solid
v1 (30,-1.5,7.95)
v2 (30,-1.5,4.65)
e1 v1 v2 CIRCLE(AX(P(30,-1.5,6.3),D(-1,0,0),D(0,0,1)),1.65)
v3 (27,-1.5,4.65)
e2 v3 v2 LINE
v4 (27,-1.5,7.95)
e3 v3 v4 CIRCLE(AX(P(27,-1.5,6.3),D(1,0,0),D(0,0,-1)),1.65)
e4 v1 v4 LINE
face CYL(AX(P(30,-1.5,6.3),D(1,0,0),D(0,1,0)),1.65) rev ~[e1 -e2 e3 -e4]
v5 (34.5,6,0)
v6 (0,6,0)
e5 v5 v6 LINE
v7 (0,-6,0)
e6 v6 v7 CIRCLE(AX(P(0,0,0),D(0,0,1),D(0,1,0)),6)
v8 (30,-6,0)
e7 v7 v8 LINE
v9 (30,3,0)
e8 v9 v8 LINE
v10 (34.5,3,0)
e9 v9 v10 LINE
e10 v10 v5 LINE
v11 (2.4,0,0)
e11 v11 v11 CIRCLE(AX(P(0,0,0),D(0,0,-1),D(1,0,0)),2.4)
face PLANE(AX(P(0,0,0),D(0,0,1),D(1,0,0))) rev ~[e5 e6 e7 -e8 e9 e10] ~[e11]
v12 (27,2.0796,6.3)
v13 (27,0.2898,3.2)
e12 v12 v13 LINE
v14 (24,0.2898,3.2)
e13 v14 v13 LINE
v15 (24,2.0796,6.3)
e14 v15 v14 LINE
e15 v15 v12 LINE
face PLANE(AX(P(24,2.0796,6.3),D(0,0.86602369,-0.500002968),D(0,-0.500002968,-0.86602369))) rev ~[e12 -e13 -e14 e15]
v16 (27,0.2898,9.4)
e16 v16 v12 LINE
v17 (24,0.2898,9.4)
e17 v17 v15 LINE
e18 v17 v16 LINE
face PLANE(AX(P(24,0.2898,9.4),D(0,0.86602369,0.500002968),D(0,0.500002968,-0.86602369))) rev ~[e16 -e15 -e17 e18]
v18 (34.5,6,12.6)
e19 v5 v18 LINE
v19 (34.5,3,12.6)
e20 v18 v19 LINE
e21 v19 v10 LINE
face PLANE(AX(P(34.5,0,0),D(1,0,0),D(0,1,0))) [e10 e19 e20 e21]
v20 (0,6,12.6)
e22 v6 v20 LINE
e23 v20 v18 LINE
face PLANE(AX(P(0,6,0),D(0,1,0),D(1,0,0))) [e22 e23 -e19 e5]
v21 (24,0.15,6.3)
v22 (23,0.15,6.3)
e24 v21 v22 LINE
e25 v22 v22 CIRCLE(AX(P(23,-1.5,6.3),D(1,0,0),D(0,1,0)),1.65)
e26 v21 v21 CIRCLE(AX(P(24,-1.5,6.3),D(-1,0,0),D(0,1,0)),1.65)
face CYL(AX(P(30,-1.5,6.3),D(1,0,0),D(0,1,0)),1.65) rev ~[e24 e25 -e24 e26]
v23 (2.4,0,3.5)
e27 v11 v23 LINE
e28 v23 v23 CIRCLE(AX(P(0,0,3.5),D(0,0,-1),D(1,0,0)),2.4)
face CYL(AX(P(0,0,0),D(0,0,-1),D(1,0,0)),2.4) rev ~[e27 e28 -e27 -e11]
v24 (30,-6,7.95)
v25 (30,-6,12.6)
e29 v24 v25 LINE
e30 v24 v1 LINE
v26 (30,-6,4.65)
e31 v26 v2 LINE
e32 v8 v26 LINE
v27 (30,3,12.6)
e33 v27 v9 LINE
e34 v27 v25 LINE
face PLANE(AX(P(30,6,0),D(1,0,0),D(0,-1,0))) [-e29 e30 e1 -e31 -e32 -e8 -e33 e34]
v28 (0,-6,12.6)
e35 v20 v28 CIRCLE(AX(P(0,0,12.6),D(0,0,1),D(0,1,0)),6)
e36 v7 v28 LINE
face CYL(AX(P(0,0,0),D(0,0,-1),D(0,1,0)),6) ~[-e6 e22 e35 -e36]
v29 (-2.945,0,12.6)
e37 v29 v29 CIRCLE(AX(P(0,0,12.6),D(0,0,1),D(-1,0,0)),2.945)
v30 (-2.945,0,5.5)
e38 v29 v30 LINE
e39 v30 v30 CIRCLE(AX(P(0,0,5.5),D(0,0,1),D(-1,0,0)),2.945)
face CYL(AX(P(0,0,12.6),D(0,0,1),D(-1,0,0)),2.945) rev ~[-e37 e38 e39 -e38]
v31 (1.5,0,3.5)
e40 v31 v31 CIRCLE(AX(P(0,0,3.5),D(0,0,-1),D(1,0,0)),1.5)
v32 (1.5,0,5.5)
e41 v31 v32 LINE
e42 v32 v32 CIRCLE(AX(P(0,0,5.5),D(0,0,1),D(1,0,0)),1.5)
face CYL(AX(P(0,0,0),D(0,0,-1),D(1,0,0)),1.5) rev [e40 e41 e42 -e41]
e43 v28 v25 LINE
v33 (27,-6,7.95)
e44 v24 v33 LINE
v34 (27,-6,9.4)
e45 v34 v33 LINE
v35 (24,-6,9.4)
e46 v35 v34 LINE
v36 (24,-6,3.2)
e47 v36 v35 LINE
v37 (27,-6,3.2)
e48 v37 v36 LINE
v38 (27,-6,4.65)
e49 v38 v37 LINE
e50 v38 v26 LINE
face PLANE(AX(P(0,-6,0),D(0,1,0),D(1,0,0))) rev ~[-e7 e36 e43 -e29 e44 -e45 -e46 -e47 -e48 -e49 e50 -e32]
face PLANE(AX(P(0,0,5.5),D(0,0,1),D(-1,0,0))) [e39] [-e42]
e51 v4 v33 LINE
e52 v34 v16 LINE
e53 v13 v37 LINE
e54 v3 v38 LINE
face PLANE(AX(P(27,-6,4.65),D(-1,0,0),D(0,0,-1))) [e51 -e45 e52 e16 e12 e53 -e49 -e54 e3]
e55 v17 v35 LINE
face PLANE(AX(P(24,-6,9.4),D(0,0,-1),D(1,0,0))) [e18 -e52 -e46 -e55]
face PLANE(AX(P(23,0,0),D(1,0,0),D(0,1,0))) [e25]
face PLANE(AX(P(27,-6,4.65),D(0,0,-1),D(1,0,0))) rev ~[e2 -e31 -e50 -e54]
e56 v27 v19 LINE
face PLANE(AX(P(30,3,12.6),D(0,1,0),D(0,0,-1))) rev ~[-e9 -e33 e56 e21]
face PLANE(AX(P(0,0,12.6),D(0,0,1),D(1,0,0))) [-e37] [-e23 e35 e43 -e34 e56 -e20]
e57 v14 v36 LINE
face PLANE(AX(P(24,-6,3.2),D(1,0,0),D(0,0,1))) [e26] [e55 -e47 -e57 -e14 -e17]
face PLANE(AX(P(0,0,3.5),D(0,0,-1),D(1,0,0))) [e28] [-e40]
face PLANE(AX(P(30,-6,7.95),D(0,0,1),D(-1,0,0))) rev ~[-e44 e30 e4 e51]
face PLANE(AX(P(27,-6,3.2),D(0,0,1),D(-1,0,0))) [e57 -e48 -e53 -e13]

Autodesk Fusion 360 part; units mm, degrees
sketch "Sketch1" plane through (0, 0, 0) normal (0, 0, 1) x (1, 0, 0)
  circle A0 centre (0, 0) radius 1.5
  line L0 (0, 6) -> (30, 6)
  line L1 (0, -6) -> (30, -6)
  arc A1 (0, 6) -> (0, -6) centre (0, 0) ccw
  line L2 (30, 6) -> (30, -6)
  dimension "d1" = 3
  dimension "d3" = 12
  dimension "d4" = 30
extrude "Extrude1" add sketch "Sketch1" along normal blind 12.6 makes body 1
sketch "Sketch2" plane through (30, 0, 0) normal (1, 0, 0) x (0, 1, 0)
  line L0 (-6, 0) -> (6, 0)
  line L1 (6, 0) -> (6, 12.6)
  line L2 (6, 12.6) -> (-6, 12.6)
  line L3 (-6, 12.6) -> (-6, 0)
  line L4 (6, 12.6) -> (3, 12.6)
  line L5 (3, 12.6) -> (3, 0)
  line L6 (3, 0) -> (6, 0)
  line L7 (6, 0) -> (6, 12.6)
  dimension "d7" = 3
extrude "Extrude2" add sketch "Sketch2" along normal blind 4.5 contours L0 L1 L2 L4 L5 L6 L7 bodies 1
ref_plane "WorkPlane1" through (14.25, 0, 6.3) normal (0, 0, 1) x (1, 0, 0)
ref_plane "WorkPlane2" through (15, 0, 6.3) normal (0, -1, 0) x (1, 0, 0)
sketch "Sketch3" plane through (0, -6, 0) normal (0, -1, 0) x (1, 0, 0)
  line L0 (0, 0) -> (30, 0)
  line L1 (30, 0) -> (30, 12.6)
  line L2 (30, 12.6) -> (0, 12.6)
  line L3 (0, 12.6) -> (0, 0)
  line L4 (13, 10.8) -> (24, 10.8)
  line L5 (24, 10.8) -> (24, 1.8)
  line L6 (24, 1.8) -> (13, 1.8)
  line L7 (13, 1.8) -> (13, 10.8)
  point P0 (30, 6.3)
  point P1 (24, 6.3)
  dimension "d15" = 9
  dimension "d16" = 11
  dimension "d17" = 6
sketch "Sketch6" plane through (0, -6, 0) normal (0, -1, 0) x (1, 0, 0)
  line L0 (0, 0) -> (30, 0)
  line L1 (30, 0) -> (30, 12.6)
  line L2 (30, 12.6) -> (0, 12.6)
  line L3 (0, 12.6) -> (0, 0)
  line L4 (24, 9.4) -> (27, 9.4)
  line L5 (27, 3.2) -> (24, 3.2)
  line L6 (24, 3.2) -> (24, 9.4)
  line L7 (27, 4.65) -> (30, 4.65)
  line L8 (30, 4.65) -> (30, 7.95)
  line L9 (30, 7.95) -> (27, 7.95)
  line L10 (27, 9.4) -> (27, 7.95)
  line L11 (27, 4.65) -> (27, 3.2)
  dimension "d28" = 3
  dimension "d29" = 3
  dimension "d30" = 3.3
  dimension "d39" = 6.2
ref_plane "WorkPlane3" through (15, -1.5, 6.3) normal (0, -1, 0) x (1, 0, 0)
extrude "Extrude6" cut sketch "Sketch6" against normal up to surface (4.5 mm away) contours L1 L4 L5 L6 L7 L8 L9 L10 L11 bodies 1
sketch "Sketch7" plane through (30, 0, 0) normal (1, 0, 0) x (0, 1, 0)
  line L0 (-6, 7.95) -> (-1.5, 7.95)
  line L1 (-1.5, 7.95) -> (-1.5, 4.65)
  line L2 (-1.5, 4.65) -> (-6, 4.65)
  line L3 (-6, 4.65) -> (-6, 0)
  line L4 (-6, 0) -> (3, 0)
  line L5 (3, 0) -> (3, 12.6)
  line L6 (3, 12.6) -> (-6, 12.6)
  line L7 (-6, 12.6) -> (-6, 7.95)
  circle A0 centre (-1.5, 6.3) radius 1.65
extrude "Extrude7" cut sketch "Sketch7" against normal blind 7 contours L1 A0 | L1 A0 bodies 1
sketch "Sketch8" plane through (24, 0, 0) normal (1, 0, 0) x (0, 1, 0)
  arc A0 (-1.5, 7.95) -> (-1.5, 4.65) centre (-1.5, 6.3) ccw
  line L0 (-1.5, 7.95) -> (-1.5, 9.4)
  line L1 (-1.5, 9.4) -> (-6, 9.4)
  line L2 (-6, 9.4) -> (-6, 3.2)
  line L3 (-6, 3.2) -> (-1.5, 3.2)
  line L4 (-1.5, 3.2) -> (-1.5, 4.65)
  line L5 (-3.2898, 9.4) -> (0.2898, 9.4)
  line L6 (0.2898, 9.4) -> (2.0796, 6.3)
  line L7 (2.0796, 6.3) -> (0.2898, 3.2)
  line L8 (0.2898, 3.2) -> (-3.2898, 3.2)
  line L9 (-3.2898, 3.2) -> (-5.0796, 6.3)
  line L10 (-5.0796, 6.3) -> (-3.2898, 9.4)
  line L11 (-1.5, 9.4) -> (-1.5, 3.2) construction
  point P0 (-1.5, 9.4)
  point P1 (-1.5, 3.2)
  point P2 (-1.5, 6.3)
  dimension "d36" = 120
extrude "Extrude8" cut sketch "Sketch8" along normal up to surface (3 mm away) contours A0 L0 L4 L5 L6 L7 L8 | A0 L0 L1 L3 L4 L5 L8 L9 L10 bodies 1
sketch "Sketch10" plane through (0, 0, 12.6) normal (0, 0, 1) x (-1, 0, 0)
  circle A0 centre (0, 0) radius 1.5
  arc A1 (0, -6) -> (0, 6) centre (0, 0) ccw
  line L0 (0, 6) -> (-30, 6)
  line L1 (-30, 6) -> (-30, -3)
  line L2 (-30, -3) -> (-34.5, -3)
  line L3 (-34.5, -3) -> (-34.5, -6)
  line L4 (-34.5, -6) -> (0, -6)
  circle A2 centre (0, 0) radius 2.945
  dimension "d40" = 5.89
extrude "Extrude9" cut sketch "Sketch10" against normal blind 7.1 contours A2 bodies 1
sketch "Sketch11" plane through (0, 0, 0) normal (0, 0, -1) x (1, 0, 0)
  circle A0 centre (0, 0) radius 1.5
  arc A1 (0, 6) -> (0, -6) centre (0, 0) ccw
  line L0 (0, -6) -> (34.5, -6)
  line L1 (34.5, -6) -> (34.5, -3)
  line L2 (34.5, -3) -> (30, -3)
  line L3 (30, -3) -> (30, 6)
  line L4 (30, 6) -> (0, 6)
  circle A2 centre (0, 0) radius 2.4
  dimension "d43" = 4.8
extrude "Extrude10" cut sketch "Sketch11" against normal blind 3.5 contours A2 bodies 1
copy_body "Body->Comp1" bodies 1 removing the originals makes body 2 in component "Component"
sketch "Sketch12" plane through (0, -6, 0) normal (0, -1, 0) x (1, 0, 0)
  line L0 (27, 7.95) -> (30, 7.95)
  line L1 (30, 7.95) -> (30, 12.6)
  line L2 (30, 12.6) -> (0, 12.6)
  line L3 (0, 12.6) -> (0, 0)
  line L4 (0, 0) -> (30, 0)
  line L5 (30, 0) -> (30, 4.65)
  line L6 (30, 4.65) -> (27, 4.65)
  line L7 (27, 4.65) -> (27, 3.2)
  line L8 (27, 3.2) -> (24.6, 3.2)
  line L9 (24.6, 3.2) -> (24.6, 9.4)
  line L10 (24.6, 9.4) -> (27, 9.4)
  line L11 (27, 9.4) -> (27, 7.95)
  line L12 (-8, 12.6) -> (20, 12.6)
  line L13 (20, 12.6) -> (20, 0)
  line L14 (20, 0) -> (-8, 0)
  line L15 (-8, 0) -> (-8, 12.6)
extrude "Extrude11" [suppressed]
component "Component" placed x (1, 0, 0) y (0, 1, 0) z (0, 0, 1) at (0, 0, 0)
